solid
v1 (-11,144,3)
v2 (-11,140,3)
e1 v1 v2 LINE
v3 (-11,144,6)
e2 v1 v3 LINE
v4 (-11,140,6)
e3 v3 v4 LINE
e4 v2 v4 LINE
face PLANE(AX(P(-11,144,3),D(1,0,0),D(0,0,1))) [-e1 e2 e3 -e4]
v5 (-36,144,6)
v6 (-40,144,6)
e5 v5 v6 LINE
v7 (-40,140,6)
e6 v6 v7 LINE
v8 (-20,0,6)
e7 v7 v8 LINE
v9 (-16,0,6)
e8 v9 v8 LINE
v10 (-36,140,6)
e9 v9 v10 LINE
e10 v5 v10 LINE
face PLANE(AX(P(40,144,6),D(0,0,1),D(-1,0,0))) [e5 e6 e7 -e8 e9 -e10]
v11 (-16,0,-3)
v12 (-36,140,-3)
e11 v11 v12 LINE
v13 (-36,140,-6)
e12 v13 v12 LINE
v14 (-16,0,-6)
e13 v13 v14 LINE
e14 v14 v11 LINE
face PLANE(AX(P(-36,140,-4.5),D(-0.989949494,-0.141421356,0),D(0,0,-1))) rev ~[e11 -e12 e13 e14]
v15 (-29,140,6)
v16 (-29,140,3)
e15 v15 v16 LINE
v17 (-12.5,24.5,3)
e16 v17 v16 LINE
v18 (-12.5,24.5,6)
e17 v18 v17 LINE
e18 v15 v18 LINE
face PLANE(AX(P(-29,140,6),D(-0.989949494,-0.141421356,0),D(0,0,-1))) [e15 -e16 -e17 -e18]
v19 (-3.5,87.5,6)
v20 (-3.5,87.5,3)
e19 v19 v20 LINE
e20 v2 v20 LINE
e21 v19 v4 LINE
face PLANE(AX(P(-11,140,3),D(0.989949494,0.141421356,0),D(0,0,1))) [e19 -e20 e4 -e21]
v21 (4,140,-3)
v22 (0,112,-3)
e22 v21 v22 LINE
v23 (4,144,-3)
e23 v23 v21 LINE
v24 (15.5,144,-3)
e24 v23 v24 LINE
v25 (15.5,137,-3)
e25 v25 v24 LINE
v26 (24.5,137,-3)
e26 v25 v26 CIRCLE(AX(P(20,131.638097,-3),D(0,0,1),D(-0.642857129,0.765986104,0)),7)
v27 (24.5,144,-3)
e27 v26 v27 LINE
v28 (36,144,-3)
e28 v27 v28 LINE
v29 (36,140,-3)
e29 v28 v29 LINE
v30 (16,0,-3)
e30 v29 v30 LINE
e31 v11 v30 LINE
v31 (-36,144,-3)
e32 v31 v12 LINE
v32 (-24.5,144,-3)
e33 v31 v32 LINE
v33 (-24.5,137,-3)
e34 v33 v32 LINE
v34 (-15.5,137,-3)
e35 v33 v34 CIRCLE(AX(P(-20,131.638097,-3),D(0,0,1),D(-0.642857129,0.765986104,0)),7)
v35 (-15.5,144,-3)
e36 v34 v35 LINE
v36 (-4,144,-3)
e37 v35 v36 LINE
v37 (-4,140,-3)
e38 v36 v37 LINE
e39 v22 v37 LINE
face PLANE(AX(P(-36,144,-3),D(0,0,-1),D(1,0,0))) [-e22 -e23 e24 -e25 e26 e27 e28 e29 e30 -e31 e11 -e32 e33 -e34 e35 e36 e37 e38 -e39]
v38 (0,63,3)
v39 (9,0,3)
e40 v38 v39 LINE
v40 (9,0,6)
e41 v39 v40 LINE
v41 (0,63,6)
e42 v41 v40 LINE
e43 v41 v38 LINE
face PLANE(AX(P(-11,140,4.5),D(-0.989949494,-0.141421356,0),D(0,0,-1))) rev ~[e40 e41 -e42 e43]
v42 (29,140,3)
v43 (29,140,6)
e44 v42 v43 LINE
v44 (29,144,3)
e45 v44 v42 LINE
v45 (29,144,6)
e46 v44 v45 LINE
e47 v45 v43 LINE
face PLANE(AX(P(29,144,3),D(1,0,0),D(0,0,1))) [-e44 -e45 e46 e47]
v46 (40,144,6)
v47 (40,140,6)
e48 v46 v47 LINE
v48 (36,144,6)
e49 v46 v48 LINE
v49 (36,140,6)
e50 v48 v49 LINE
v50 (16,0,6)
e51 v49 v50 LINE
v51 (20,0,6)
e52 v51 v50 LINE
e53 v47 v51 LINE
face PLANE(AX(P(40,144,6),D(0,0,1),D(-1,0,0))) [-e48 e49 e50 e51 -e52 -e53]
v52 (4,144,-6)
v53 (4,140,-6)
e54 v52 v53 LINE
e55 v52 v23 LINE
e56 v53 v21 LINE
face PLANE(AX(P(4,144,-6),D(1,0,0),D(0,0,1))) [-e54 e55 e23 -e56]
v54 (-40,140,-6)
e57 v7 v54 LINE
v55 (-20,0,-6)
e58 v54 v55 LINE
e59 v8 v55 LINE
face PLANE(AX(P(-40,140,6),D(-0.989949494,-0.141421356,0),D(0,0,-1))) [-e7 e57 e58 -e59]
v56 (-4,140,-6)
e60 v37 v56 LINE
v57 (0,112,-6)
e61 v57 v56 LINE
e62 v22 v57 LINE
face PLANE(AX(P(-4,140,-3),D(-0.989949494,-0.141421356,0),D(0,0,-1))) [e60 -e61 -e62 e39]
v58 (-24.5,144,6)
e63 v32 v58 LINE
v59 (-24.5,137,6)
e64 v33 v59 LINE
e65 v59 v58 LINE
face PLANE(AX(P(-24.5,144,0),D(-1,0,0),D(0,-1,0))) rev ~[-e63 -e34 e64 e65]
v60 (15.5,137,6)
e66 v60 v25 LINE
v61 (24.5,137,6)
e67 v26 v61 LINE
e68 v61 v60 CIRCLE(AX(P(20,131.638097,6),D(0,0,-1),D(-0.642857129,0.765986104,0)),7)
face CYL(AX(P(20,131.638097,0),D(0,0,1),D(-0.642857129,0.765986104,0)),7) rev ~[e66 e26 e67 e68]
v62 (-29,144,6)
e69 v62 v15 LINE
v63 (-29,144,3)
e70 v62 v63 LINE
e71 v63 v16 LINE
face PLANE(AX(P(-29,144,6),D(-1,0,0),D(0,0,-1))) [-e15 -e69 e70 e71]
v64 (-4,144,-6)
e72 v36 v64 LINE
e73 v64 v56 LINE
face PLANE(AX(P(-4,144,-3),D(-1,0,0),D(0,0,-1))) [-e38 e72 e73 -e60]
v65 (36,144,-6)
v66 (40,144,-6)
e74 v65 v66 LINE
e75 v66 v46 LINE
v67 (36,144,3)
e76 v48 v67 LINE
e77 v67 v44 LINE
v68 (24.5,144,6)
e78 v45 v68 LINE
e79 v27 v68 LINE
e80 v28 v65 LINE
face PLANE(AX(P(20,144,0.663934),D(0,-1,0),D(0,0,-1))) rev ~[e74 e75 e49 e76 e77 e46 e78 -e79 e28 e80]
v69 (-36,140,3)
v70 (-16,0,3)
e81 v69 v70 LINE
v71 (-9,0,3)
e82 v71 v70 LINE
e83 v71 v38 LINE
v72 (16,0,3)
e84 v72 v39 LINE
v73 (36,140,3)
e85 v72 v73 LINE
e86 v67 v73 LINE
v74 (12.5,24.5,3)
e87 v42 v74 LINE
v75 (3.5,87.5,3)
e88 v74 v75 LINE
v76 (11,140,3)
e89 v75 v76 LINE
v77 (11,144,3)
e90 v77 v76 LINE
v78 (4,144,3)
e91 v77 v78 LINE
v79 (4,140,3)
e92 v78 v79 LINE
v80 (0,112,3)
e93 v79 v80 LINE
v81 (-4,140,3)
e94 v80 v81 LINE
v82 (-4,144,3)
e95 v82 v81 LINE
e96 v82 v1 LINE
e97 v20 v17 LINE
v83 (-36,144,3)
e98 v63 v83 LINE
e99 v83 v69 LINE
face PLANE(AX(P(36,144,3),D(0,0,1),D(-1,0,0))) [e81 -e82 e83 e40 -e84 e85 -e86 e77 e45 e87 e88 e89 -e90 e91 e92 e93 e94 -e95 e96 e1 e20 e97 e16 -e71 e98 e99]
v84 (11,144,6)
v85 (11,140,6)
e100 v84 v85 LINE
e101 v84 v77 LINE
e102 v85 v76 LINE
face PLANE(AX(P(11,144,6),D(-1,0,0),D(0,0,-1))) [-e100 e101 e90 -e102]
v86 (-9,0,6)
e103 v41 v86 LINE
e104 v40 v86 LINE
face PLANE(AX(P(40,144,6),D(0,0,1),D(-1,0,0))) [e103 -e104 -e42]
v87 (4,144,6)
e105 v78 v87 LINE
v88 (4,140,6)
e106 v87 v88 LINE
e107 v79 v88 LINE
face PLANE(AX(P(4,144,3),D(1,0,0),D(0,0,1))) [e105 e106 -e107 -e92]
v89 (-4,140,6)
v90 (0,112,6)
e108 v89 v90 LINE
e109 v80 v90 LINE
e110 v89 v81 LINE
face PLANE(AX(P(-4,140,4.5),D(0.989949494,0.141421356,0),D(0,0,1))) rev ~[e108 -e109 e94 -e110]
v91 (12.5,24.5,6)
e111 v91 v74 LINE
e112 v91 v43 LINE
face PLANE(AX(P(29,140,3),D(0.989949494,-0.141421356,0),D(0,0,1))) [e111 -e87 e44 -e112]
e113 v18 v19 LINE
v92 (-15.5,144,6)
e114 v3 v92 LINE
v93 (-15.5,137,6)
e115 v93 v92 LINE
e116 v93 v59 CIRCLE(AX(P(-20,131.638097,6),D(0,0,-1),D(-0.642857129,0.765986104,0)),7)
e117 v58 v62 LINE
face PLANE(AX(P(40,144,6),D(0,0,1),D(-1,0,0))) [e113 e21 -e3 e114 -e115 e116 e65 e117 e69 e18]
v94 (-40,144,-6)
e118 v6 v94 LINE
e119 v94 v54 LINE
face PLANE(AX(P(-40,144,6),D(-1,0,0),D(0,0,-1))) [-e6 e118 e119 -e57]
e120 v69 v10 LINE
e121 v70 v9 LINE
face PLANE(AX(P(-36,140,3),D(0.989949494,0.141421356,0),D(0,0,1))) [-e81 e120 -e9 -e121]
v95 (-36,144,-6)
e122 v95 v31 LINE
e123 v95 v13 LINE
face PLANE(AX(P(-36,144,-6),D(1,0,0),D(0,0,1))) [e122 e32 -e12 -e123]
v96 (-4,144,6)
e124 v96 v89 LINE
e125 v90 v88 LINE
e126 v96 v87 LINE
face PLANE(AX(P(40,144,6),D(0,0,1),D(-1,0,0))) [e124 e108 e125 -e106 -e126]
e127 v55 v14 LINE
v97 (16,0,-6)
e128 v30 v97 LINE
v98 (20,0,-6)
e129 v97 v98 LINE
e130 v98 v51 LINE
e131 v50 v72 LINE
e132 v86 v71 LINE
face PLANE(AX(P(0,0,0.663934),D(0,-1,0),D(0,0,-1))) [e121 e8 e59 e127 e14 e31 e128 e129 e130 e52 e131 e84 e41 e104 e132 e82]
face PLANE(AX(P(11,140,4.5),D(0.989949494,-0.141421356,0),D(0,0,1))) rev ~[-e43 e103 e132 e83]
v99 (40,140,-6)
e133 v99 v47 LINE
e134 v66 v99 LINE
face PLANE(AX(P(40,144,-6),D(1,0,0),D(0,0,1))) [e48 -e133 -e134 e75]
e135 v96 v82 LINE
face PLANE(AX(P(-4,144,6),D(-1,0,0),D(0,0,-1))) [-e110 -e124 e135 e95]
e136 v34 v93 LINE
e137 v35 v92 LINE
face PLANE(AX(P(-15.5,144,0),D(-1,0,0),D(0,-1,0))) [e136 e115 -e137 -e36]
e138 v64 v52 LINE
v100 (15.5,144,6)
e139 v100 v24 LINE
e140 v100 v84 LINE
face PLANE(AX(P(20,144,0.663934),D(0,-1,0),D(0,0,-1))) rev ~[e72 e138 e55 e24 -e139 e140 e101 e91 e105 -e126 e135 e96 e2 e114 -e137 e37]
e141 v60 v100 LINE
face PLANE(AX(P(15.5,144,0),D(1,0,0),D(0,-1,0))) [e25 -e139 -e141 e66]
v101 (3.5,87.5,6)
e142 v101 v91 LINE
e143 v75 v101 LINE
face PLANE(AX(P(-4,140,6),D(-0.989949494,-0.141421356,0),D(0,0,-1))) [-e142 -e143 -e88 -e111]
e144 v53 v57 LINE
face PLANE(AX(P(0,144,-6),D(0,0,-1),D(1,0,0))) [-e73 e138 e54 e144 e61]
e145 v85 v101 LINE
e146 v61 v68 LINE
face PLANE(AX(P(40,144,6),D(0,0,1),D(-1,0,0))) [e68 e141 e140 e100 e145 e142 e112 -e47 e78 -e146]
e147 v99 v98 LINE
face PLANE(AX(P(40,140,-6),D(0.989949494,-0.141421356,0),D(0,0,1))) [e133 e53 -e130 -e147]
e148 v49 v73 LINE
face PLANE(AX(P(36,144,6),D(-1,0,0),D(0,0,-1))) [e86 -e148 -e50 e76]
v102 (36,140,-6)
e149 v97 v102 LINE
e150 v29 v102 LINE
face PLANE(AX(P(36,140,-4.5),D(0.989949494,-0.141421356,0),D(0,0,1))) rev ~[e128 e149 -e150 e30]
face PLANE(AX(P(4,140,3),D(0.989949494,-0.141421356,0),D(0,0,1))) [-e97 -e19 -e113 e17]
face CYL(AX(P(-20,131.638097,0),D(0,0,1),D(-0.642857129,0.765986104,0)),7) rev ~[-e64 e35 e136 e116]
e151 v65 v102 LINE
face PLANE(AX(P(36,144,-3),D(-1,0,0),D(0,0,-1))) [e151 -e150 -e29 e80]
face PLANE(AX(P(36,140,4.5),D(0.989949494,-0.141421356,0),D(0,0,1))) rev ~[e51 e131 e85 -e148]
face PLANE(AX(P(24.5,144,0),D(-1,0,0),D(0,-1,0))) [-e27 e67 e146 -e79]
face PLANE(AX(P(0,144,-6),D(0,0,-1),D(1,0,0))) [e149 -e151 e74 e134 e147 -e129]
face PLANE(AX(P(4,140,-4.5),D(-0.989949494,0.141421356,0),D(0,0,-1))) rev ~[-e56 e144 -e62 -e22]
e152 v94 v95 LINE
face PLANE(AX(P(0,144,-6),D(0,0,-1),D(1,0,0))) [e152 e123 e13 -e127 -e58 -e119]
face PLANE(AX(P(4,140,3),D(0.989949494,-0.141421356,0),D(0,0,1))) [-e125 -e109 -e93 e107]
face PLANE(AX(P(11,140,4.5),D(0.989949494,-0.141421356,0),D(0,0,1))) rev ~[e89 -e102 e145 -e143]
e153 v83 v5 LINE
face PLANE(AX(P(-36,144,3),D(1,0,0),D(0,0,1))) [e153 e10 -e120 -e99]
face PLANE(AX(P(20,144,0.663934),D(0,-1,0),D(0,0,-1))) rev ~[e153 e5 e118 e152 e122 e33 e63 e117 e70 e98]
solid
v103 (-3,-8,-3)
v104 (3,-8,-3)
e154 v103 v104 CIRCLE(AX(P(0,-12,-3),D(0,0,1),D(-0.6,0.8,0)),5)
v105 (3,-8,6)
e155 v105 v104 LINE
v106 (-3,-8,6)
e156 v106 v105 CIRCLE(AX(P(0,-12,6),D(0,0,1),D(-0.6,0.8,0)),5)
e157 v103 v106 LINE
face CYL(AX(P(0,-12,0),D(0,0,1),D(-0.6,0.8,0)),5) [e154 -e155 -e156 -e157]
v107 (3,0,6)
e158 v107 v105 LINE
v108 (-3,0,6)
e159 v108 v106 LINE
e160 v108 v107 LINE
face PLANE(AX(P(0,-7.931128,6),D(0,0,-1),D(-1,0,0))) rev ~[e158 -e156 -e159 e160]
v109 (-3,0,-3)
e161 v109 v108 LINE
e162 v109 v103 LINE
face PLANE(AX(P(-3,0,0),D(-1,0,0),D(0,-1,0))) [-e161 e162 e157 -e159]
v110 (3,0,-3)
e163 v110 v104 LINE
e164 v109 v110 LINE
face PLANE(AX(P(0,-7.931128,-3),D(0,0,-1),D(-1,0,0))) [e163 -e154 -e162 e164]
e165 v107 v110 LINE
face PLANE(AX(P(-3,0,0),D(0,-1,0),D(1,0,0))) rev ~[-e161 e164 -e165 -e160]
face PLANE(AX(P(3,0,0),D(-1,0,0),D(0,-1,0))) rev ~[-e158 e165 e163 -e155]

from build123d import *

# Parameters (mm, degrees)
SKETCH004_W          = 32
SKETCH004_H          = 3
SKETCH005_W          = 7
SKETCH005_H          = 3
SKETCH006_W          = 7
SKETCH006_H          = 3
POCKET_DEPTH         = 6.001
POCKET_DEPTH_BACK    = -6.001
POCKET001_DEPTH      = 6.001
POCKET001_DEPTH_BACK = -6.001
PAD_DEPTH            = 6
PAD_DEPTH_BACK       = 3


with BuildPart() as body:
    # AdditivePipe: sweep along a path in Sketch
    with BuildLine(Plane.XY) as additivepipe_path:
        Line((-20, 144), (-20, 140))
        Line((-20, 140), (0, 0))
    # Sketch002 → AdditivePipe (sweep)
    with BuildSketch(Plane.XZ):
        Polygon((-20, 6), (-20, -6), (-16, -6), (-16, -3), (-9, -3), (9, -3), (16, -3), (16, -6), (20, -6), (20, 6), (16, 6), (16, 3), (9, 3), (9, 6), (-9, 6), (-9, 3), (-16, 3), (-16, 6), align=None)
    sweep(path=additivepipe_path.line)

    # AdditivePipe001: sweep along a path in Sketch001
    with BuildLine(Plane.XY) as additivepipe001_path:
        Line((20, 144), (20, 140))
        Line((20, 140), (0, 0))
    # Sketch002 → AdditivePipe001 (sweep)
    with BuildSketch(Plane.XZ):
        Polygon((-20, 6), (-20, -6), (-16, -6), (-16, -3), (-9, -3), (9, -3), (16, -3), (16, -6), (20, -6), (20, 6), (16, 6), (16, 3), (9, 3), (9, 6), (-9, 6), (-9, 3), (-16, 3), (-16, 6), align=None)
    sweep(path=additivepipe001_path.line)

    # SubtractivePipe: sweep along a path in Sketch
    with BuildLine(Plane.XY) as subtractivepipe_path:
        Line((-20, 144), (-20, 140))
        Line((-20, 140), (0, 0))
    # Sketch004 → SubtractivePipe (sweep, cut)
    with BuildSketch(Plane.XZ):
        with Locations((0, -4.5)):
            Rectangle(SKETCH004_W, SKETCH004_H)
    sweep(path=subtractivepipe_path.line, mode=Mode.SUBTRACT)

    # SubtractivePipe001: sweep along a path in Sketch001
    with BuildLine(Plane.XY) as subtractivepipe001_path:
        Line((20, 144), (20, 140))
        Line((20, 140), (0, 0))
    # Sketch004 → SubtractivePipe001 (sweep, cut)
    with BuildSketch(Plane.XZ):
        with Locations((0, -4.5)):
            Rectangle(SKETCH004_W, SKETCH004_H)
    sweep(path=subtractivepipe001_path.line, mode=Mode.SUBTRACT)

    # SubtractivePipe002: sweep along a path in Sketch
    with BuildLine(Plane.XY) as subtractivepipe002_path:
        Line((-20, 144), (-20, 140))
        Line((-20, 140), (0, 0))
    # Sketch005 → SubtractivePipe002 (sweep, cut)
    with BuildSketch(Plane.XZ):
        with Locations((-12.5, 4.5)):
            Rectangle(SKETCH005_W, SKETCH005_H)
    sweep(path=subtractivepipe002_path.line, mode=Mode.SUBTRACT)

    # SubtractivePipe003: sweep along a path in Sketch001
    with BuildLine(Plane.XY) as subtractivepipe003_path:
        Line((20, 144), (20, 140))
        Line((20, 140), (0, 0))
    # Sketch005 → SubtractivePipe003 (sweep, cut)
    with BuildSketch(Plane.XZ):
        with Locations((-12.5, 4.5)):
            Rectangle(SKETCH005_W, SKETCH005_H)
    sweep(path=subtractivepipe003_path.line, mode=Mode.SUBTRACT)

    # SubtractivePipe004: sweep along a path in Sketch
    with BuildLine(Plane.XY) as subtractivepipe004_path:
        Line((-20, 144), (-20, 140))
        Line((-20, 140), (0, 0))
    # Sketch006 → SubtractivePipe004 (sweep, cut)
    with BuildSketch(Plane.XZ):
        with Locations((12.5, 4.5)):
            Rectangle(SKETCH006_W, SKETCH006_H)
    sweep(path=subtractivepipe004_path.line, mode=Mode.SUBTRACT)

    # SubtractivePipe005: sweep along a path in Sketch001
    with BuildLine(Plane.XY) as subtractivepipe005_path:
        Line((20, 144), (20, 140))
        Line((20, 140), (0, 0))
    # Sketch006 → SubtractivePipe005 (sweep, cut)
    with BuildSketch(Plane.XZ):
        with Locations((12.5, 4.5)):
            Rectangle(SKETCH006_W, SKETCH006_H)
    sweep(path=subtractivepipe005_path.line, mode=Mode.SUBTRACT)

    # Sketch007 → Pocket (cut, two sides)
    with BuildSketch(Plane.XY) as pocket_sk:
        with BuildLine():
            Line((-24.5, 144), (-15.5, 144))
            Line((-15.5, 144), (-15.5, 137))
            ThreePointArc((-24.5, 137), (-20, 124.638097), (-15.5, 137))
            Line((-24.5, 144), (-24.5, 137))
        make_face()
    extrude(amount=-POCKET_DEPTH, mode=Mode.SUBTRACT)
    extrude(pocket_sk.sketch, amount=-POCKET_DEPTH_BACK, mode=Mode.SUBTRACT)

    # Sketch008 → Pocket001 (cut, two sides)
    with BuildSketch(Plane.XY) as pocket001_sk:
        with BuildLine():
            Line((15.5, 144), (24.5, 144))
            Line((24.5, 144), (24.5, 137))
            ThreePointArc((15.5, 137), (20, 124.638097), (24.5, 137))
            Line((15.5, 144), (15.5, 137))
        make_face()
    extrude(amount=-POCKET001_DEPTH, mode=Mode.SUBTRACT)
    extrude(pocket001_sk.sketch, amount=-POCKET001_DEPTH_BACK, mode=Mode.SUBTRACT)


with BuildPart() as body001:
    # Sketch009 → Pad (new body, two sides)
    with BuildSketch(Plane.XY) as pad_sk:
        with BuildLine():
            Line((-3, 0), (3, 0))
            Line((3, 0), (3, -8))
            ThreePointArc((-3, -8), (0, -17), (3, -8))
            Line((-3, 0), (-3, -8))
        make_face()
    extrude(amount=PAD_DEPTH)
    extrude(pad_sk.sketch, amount=-PAD_DEPTH_BACK)


solid = Compound([body.part, body001.part])
